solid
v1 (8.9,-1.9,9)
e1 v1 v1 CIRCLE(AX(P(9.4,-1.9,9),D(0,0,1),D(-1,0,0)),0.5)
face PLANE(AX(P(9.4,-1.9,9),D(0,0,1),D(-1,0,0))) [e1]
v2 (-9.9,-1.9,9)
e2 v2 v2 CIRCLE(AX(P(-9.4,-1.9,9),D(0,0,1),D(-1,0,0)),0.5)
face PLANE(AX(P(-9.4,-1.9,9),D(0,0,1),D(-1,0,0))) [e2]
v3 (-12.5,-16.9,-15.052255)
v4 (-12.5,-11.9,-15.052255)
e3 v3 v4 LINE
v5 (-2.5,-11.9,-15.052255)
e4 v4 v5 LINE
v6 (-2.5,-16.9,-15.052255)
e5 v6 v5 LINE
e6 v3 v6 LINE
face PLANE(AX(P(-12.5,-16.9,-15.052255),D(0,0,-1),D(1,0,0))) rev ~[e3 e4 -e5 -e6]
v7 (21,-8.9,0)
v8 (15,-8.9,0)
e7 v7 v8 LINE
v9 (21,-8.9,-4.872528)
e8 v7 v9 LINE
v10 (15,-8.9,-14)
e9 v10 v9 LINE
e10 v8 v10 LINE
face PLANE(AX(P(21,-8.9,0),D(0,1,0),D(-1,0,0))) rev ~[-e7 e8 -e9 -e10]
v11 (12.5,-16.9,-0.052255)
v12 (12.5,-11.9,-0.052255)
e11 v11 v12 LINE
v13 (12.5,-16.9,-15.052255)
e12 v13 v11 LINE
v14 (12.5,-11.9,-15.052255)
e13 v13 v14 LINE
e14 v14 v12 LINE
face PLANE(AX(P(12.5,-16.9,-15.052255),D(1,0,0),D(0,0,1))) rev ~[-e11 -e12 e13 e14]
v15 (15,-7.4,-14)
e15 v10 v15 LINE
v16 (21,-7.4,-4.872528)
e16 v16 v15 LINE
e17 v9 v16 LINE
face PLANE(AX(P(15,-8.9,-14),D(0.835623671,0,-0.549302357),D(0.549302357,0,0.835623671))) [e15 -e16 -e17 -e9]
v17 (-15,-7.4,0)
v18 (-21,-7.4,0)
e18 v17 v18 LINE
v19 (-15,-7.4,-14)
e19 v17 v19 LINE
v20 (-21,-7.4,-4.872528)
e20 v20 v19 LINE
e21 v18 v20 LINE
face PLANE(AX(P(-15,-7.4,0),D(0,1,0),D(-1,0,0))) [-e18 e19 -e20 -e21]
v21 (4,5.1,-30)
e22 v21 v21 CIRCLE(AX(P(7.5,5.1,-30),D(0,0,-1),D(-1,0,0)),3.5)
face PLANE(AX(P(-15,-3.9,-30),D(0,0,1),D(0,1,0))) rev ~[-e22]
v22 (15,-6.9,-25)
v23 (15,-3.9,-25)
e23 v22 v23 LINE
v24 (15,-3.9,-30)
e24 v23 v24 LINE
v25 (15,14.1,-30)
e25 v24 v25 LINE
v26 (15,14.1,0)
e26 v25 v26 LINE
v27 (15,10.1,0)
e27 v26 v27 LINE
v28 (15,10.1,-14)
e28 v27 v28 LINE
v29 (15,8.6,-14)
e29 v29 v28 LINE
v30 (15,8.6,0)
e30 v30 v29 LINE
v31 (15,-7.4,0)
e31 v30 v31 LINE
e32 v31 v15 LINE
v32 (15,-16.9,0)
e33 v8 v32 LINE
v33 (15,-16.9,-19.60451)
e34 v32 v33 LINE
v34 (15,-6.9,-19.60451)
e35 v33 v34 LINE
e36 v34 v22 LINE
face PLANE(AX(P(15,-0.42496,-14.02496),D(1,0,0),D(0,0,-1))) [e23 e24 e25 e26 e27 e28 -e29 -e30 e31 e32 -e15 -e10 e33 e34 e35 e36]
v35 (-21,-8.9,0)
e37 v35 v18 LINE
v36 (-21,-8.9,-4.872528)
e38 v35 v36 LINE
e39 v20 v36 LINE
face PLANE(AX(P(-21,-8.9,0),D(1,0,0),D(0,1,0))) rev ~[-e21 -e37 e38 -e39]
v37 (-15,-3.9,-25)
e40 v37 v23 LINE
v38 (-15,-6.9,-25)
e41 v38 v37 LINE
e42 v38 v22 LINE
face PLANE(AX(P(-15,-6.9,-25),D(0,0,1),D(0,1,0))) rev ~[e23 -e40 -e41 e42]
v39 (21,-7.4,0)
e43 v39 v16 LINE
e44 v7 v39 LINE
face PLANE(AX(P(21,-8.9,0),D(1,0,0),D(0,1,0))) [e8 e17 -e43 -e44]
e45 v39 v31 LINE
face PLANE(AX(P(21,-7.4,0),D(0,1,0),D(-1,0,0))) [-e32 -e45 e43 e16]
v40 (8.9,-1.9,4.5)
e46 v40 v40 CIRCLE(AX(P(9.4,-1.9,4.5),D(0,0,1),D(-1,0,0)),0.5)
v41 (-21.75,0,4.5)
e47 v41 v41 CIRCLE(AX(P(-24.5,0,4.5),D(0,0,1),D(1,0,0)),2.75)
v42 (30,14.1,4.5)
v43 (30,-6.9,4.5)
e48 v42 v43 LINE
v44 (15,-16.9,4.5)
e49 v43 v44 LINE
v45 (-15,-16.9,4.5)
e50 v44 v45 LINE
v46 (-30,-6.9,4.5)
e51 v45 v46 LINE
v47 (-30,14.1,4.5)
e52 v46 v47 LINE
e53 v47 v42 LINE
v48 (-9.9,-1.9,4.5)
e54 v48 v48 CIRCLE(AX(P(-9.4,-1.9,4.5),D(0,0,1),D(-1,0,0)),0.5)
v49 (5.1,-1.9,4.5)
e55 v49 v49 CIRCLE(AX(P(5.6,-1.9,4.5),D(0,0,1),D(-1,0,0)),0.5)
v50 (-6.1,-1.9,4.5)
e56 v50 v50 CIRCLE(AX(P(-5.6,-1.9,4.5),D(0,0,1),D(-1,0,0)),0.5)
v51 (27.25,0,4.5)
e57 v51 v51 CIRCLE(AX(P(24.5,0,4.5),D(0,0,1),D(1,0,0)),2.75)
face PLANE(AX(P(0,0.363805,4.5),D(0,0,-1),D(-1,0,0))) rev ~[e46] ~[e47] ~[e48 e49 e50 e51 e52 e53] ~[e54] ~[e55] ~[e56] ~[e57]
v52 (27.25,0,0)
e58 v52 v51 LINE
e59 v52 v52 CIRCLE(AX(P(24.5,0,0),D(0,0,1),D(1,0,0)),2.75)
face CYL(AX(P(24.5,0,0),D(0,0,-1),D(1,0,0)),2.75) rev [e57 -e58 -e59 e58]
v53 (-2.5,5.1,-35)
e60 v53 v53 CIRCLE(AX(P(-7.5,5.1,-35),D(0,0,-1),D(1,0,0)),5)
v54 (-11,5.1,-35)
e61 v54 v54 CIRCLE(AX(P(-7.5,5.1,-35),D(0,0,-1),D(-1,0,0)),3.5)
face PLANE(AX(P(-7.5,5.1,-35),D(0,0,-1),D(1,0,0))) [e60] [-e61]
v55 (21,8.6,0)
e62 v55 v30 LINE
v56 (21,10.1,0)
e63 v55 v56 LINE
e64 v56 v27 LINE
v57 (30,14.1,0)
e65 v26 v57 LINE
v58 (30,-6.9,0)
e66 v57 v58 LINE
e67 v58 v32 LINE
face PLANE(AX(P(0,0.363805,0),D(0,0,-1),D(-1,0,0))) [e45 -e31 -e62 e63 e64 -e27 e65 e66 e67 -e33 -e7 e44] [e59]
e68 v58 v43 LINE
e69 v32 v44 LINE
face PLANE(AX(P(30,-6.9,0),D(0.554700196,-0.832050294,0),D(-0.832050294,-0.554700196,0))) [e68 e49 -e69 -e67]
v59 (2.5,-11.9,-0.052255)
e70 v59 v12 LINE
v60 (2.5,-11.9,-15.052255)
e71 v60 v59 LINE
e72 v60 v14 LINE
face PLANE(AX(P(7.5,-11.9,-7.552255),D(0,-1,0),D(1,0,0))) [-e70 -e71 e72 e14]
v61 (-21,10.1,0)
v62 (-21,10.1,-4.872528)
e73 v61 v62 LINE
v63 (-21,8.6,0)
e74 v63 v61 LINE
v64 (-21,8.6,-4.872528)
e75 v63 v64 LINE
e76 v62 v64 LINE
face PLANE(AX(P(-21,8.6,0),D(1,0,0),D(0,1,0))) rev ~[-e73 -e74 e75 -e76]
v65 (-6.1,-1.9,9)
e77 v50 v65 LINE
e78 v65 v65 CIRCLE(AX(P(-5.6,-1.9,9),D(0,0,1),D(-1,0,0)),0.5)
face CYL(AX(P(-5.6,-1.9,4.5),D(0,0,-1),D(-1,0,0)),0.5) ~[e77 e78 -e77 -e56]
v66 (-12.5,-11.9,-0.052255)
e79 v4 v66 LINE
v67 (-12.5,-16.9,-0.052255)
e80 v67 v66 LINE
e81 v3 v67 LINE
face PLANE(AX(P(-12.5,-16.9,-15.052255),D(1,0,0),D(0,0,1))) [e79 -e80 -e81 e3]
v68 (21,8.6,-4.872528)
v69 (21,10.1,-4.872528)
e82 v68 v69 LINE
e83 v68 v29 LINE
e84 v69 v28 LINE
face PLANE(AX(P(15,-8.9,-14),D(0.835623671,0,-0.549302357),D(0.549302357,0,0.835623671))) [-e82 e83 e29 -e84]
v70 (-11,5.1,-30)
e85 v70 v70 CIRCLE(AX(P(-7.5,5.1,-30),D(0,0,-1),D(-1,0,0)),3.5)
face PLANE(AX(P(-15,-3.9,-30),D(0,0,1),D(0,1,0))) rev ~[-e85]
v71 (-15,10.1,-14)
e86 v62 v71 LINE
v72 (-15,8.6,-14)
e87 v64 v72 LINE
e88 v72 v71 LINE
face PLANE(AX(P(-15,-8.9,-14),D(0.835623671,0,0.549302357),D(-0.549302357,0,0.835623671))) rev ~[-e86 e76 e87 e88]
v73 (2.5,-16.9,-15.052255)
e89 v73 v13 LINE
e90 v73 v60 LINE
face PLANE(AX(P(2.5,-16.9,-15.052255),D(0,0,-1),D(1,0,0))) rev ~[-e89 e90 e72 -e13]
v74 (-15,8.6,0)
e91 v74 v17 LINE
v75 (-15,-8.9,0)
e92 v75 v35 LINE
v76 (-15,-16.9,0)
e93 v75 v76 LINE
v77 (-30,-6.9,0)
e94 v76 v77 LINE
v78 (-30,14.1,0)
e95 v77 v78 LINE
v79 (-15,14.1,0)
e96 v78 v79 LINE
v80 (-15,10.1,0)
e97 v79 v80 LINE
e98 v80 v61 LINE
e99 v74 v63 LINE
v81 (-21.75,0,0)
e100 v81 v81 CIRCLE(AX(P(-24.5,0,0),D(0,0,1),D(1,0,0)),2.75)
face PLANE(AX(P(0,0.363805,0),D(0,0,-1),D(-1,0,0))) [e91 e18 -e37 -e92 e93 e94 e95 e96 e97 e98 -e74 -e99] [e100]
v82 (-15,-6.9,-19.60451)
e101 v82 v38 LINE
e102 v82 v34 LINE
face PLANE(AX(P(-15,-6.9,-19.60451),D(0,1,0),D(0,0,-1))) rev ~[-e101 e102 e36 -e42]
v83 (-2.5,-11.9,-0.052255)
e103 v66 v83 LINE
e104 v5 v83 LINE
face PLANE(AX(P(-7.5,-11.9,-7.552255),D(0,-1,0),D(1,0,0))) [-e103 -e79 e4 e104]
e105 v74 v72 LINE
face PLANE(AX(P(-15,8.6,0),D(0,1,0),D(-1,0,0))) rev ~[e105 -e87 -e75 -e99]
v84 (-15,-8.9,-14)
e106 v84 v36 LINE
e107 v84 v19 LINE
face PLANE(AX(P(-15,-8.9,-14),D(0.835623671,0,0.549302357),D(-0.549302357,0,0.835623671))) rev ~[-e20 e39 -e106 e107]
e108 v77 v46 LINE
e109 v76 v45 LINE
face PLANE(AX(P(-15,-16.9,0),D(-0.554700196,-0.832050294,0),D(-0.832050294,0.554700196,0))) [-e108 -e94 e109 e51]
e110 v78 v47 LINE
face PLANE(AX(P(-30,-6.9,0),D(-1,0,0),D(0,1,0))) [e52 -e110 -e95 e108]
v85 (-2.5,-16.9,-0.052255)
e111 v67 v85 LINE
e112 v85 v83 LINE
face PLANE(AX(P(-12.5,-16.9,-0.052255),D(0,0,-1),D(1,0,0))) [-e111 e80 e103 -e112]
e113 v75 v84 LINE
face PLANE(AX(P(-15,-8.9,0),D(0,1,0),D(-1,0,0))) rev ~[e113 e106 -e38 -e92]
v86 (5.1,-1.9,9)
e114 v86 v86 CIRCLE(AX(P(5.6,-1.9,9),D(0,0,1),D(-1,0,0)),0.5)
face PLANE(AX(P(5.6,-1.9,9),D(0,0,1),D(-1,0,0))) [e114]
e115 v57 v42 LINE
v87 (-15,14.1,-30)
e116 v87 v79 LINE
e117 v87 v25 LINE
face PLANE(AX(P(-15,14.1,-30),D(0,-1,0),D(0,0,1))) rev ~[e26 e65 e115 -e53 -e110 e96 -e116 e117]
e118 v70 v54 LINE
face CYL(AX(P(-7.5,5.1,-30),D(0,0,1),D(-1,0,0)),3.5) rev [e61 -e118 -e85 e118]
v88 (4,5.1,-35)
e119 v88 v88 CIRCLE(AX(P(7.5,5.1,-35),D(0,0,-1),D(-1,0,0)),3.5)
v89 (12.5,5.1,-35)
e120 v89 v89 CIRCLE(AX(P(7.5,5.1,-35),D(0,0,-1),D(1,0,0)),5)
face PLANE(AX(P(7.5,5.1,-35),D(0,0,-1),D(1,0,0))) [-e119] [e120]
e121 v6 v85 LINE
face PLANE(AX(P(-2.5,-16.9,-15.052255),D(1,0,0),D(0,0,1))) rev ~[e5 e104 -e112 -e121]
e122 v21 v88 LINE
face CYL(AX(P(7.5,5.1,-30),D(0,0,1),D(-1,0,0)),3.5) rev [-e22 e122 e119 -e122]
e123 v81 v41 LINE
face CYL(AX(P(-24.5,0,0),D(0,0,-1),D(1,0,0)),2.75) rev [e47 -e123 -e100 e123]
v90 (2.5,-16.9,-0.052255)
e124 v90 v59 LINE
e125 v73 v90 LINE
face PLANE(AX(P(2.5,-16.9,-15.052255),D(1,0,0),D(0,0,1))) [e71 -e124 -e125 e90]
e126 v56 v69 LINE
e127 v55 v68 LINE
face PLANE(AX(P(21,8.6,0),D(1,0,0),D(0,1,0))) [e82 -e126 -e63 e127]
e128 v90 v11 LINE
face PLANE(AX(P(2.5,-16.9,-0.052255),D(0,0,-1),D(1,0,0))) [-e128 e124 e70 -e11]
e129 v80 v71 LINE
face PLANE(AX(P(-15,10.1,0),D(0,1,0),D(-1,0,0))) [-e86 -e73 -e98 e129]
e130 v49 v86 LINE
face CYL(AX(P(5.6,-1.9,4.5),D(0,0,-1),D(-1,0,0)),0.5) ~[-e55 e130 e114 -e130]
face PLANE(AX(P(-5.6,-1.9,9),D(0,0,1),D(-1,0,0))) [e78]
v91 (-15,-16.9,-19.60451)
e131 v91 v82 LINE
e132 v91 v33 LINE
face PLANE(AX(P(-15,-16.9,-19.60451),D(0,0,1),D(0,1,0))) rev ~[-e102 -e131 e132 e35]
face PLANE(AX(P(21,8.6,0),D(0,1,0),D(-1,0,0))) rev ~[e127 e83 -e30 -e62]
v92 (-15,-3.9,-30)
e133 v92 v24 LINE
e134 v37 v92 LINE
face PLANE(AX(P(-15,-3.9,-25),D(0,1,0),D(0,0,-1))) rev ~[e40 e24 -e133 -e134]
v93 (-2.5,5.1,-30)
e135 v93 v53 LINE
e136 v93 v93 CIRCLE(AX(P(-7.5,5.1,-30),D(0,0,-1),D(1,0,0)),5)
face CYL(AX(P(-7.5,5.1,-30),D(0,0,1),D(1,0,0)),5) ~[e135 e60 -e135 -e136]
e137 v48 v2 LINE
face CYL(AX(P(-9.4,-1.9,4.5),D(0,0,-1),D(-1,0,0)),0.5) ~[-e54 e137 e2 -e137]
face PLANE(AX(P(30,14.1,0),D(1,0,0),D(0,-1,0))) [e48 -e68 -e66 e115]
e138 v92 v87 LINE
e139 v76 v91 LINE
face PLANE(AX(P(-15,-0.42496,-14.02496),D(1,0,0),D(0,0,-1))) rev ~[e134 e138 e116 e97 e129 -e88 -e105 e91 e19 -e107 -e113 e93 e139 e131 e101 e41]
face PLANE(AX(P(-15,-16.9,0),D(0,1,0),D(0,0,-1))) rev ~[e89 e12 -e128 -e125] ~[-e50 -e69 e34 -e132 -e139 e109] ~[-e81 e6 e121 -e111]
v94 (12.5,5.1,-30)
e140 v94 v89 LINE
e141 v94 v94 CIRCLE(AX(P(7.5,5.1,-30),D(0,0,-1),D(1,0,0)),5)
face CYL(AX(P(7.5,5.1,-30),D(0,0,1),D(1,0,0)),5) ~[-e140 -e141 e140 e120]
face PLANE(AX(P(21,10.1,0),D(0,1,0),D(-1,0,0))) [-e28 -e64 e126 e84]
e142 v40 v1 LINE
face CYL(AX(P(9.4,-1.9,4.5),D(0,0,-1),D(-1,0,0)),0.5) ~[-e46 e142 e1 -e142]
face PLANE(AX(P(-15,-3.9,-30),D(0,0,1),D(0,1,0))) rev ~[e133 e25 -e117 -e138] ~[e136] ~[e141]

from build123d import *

# Parameters (mm, degrees)
SKETCH_1_R           = 2.75
EXTRUDE_1_DEPTH      = 4.5
EXTRUDE_2_DEPTH      = 15
EXTRUDE_2_DEPTH_BACK = 15
SKETCH_3_R           = 5
SKETCH_3_R_2         = 3.5
EXTRUDE_3_DEPTH      = 5
SKETCH_4_W           = 10
SKETCH_4_H           = 15
CUT_EXTRUDE_1_DEPTH  = 5
SKETCH_5_R           = 0.5
EXTRUDE_4_DEPTH      = 4.5
SKETCH_6_W           = 6
SKETCH_6_H           = 1.5
EXTRUDE_5_DEPTH      = 14
CUT_EXTRUDE_2_DEPTH  = 20


with BuildPart() as part:
    # Эскиз1 → Вытянуть1 (new body)
    with BuildSketch(Plane.XY):
        Polygon((-15, -16.9), (-30, -6.9), (-30, 14.1), (30, 14.1), (30, -6.9), (15, -16.9), align=None)
        with Locations((-24.5, 0)):
            Circle(SKETCH_1_R, mode=Mode.SUBTRACT)
        with Locations((24.5, 0)):
            Circle(SKETCH_1_R, mode=Mode.SUBTRACT)
    extrude(amount=EXTRUDE_1_DEPTH)

    # Эскиз2 → Вытянуть2 (add, two sides: drawn at the far end of the back side and taken through both)
    with BuildSketch(Plane(origin=(0, 0, 0), x_dir=(0, 0, -1), z_dir=(1, 0, 0)).offset(-EXTRUDE_2_DEPTH_BACK)):
        Polygon((0, -16.9), (19.60451018, -16.9), (19.60451018, -6.9), (25, -6.9), (25, -3.9), (30, -3.9), (30, 14.1), (0, 14.1), align=None)
    extrude(amount=EXTRUDE_2_DEPTH + EXTRUDE_2_DEPTH_BACK)

    # Эскиз3 → Вытянуть3 (add)
    # profile 1 of 2: a face of its own
    with BuildSketch(Plane(origin=(0, 0, -30), x_dir=(-1, 0, 0), z_dir=(0, 0, -1))):
        with Locations(Location((-7.5, 5.1, 0), (0, 0, 180))):
            Circle(SKETCH_3_R)
        with Locations((-7.5, 5.1)):
            Circle(SKETCH_3_R_2, mode=Mode.SUBTRACT)
    # profile 2 of 2: a face of its own
    with BuildSketch(Plane(origin=(0, 0, -30), x_dir=(-1, 0, 0), z_dir=(0, 0, -1))):
        with Locations(Location((7.5, 5.1, 0), (0, 0, 180))):
            Circle(SKETCH_3_R)
        with Locations((7.5, 5.1)):
            Circle(SKETCH_3_R_2, mode=Mode.SUBTRACT)
    extrude(amount=EXTRUDE_3_DEPTH)

    # Эскиз4 → Вырез-Вытянуть1 (cut)
    with BuildSketch(Plane.XZ.offset(16.9)):
        with Locations((7.5, -7.55225509)):
            Rectangle(SKETCH_4_W, SKETCH_4_H)
        with Locations((-7.5, -7.55225509)):
            Rectangle(SKETCH_4_W, SKETCH_4_H)
    extrude(amount=-CUT_EXTRUDE_1_DEPTH, mode=Mode.SUBTRACT)

    # Эскиз5 → Вытянуть4 (add)
    with BuildSketch(Plane.XY.offset(4.5)):
        with Locations(Location((-9.4, -1.9, 0), (0, 0, 180))):
            Circle(SKETCH_5_R)
        with Locations(Location((-5.6, -1.9, 0), (0, 0, 180))):
            Circle(SKETCH_5_R)
        with Locations(Location((5.6, -1.9, 0), (0, 0, 180))):
            Circle(SKETCH_5_R)
        with Locations(Location((9.4, -1.9, 0), (0, 0, 180))):
            Circle(SKETCH_5_R)
    extrude(amount=EXTRUDE_4_DEPTH)

    # Эскиз6 → Вытянуть5 (add)
    with BuildSketch(Plane(origin=(0, 0, 0), x_dir=(-1, 0, 0), z_dir=(0, 0, -1))):
        with Locations((-18, -8.15)):
            Rectangle(SKETCH_6_W, SKETCH_6_H)
        with Locations((-18, 9.35)):
            Rectangle(SKETCH_6_W, SKETCH_6_H)
        with Locations((18, 9.35)):
            Rectangle(SKETCH_6_W, SKETCH_6_H)
        with Locations((18, -8.15)):
            Rectangle(SKETCH_6_W, SKETCH_6_H)
    extrude(amount=EXTRUDE_5_DEPTH)

    # Эскиз7 → Вырез-Вытянуть2 (cut)
    with BuildSketch(Plane.XZ.offset(8.9)):
        Polygon((15, -14), (22.174858564, -3.085279584), (22.174858564, -17.29993251), align=None)
        Polygon((-22.174858564, -17.29993251), (-15, -14), (-22.174858564, -3.085279584), align=None)
    extrude(amount=-CUT_EXTRUDE_2_DEPTH, mode=Mode.SUBTRACT)


solid = part.part
